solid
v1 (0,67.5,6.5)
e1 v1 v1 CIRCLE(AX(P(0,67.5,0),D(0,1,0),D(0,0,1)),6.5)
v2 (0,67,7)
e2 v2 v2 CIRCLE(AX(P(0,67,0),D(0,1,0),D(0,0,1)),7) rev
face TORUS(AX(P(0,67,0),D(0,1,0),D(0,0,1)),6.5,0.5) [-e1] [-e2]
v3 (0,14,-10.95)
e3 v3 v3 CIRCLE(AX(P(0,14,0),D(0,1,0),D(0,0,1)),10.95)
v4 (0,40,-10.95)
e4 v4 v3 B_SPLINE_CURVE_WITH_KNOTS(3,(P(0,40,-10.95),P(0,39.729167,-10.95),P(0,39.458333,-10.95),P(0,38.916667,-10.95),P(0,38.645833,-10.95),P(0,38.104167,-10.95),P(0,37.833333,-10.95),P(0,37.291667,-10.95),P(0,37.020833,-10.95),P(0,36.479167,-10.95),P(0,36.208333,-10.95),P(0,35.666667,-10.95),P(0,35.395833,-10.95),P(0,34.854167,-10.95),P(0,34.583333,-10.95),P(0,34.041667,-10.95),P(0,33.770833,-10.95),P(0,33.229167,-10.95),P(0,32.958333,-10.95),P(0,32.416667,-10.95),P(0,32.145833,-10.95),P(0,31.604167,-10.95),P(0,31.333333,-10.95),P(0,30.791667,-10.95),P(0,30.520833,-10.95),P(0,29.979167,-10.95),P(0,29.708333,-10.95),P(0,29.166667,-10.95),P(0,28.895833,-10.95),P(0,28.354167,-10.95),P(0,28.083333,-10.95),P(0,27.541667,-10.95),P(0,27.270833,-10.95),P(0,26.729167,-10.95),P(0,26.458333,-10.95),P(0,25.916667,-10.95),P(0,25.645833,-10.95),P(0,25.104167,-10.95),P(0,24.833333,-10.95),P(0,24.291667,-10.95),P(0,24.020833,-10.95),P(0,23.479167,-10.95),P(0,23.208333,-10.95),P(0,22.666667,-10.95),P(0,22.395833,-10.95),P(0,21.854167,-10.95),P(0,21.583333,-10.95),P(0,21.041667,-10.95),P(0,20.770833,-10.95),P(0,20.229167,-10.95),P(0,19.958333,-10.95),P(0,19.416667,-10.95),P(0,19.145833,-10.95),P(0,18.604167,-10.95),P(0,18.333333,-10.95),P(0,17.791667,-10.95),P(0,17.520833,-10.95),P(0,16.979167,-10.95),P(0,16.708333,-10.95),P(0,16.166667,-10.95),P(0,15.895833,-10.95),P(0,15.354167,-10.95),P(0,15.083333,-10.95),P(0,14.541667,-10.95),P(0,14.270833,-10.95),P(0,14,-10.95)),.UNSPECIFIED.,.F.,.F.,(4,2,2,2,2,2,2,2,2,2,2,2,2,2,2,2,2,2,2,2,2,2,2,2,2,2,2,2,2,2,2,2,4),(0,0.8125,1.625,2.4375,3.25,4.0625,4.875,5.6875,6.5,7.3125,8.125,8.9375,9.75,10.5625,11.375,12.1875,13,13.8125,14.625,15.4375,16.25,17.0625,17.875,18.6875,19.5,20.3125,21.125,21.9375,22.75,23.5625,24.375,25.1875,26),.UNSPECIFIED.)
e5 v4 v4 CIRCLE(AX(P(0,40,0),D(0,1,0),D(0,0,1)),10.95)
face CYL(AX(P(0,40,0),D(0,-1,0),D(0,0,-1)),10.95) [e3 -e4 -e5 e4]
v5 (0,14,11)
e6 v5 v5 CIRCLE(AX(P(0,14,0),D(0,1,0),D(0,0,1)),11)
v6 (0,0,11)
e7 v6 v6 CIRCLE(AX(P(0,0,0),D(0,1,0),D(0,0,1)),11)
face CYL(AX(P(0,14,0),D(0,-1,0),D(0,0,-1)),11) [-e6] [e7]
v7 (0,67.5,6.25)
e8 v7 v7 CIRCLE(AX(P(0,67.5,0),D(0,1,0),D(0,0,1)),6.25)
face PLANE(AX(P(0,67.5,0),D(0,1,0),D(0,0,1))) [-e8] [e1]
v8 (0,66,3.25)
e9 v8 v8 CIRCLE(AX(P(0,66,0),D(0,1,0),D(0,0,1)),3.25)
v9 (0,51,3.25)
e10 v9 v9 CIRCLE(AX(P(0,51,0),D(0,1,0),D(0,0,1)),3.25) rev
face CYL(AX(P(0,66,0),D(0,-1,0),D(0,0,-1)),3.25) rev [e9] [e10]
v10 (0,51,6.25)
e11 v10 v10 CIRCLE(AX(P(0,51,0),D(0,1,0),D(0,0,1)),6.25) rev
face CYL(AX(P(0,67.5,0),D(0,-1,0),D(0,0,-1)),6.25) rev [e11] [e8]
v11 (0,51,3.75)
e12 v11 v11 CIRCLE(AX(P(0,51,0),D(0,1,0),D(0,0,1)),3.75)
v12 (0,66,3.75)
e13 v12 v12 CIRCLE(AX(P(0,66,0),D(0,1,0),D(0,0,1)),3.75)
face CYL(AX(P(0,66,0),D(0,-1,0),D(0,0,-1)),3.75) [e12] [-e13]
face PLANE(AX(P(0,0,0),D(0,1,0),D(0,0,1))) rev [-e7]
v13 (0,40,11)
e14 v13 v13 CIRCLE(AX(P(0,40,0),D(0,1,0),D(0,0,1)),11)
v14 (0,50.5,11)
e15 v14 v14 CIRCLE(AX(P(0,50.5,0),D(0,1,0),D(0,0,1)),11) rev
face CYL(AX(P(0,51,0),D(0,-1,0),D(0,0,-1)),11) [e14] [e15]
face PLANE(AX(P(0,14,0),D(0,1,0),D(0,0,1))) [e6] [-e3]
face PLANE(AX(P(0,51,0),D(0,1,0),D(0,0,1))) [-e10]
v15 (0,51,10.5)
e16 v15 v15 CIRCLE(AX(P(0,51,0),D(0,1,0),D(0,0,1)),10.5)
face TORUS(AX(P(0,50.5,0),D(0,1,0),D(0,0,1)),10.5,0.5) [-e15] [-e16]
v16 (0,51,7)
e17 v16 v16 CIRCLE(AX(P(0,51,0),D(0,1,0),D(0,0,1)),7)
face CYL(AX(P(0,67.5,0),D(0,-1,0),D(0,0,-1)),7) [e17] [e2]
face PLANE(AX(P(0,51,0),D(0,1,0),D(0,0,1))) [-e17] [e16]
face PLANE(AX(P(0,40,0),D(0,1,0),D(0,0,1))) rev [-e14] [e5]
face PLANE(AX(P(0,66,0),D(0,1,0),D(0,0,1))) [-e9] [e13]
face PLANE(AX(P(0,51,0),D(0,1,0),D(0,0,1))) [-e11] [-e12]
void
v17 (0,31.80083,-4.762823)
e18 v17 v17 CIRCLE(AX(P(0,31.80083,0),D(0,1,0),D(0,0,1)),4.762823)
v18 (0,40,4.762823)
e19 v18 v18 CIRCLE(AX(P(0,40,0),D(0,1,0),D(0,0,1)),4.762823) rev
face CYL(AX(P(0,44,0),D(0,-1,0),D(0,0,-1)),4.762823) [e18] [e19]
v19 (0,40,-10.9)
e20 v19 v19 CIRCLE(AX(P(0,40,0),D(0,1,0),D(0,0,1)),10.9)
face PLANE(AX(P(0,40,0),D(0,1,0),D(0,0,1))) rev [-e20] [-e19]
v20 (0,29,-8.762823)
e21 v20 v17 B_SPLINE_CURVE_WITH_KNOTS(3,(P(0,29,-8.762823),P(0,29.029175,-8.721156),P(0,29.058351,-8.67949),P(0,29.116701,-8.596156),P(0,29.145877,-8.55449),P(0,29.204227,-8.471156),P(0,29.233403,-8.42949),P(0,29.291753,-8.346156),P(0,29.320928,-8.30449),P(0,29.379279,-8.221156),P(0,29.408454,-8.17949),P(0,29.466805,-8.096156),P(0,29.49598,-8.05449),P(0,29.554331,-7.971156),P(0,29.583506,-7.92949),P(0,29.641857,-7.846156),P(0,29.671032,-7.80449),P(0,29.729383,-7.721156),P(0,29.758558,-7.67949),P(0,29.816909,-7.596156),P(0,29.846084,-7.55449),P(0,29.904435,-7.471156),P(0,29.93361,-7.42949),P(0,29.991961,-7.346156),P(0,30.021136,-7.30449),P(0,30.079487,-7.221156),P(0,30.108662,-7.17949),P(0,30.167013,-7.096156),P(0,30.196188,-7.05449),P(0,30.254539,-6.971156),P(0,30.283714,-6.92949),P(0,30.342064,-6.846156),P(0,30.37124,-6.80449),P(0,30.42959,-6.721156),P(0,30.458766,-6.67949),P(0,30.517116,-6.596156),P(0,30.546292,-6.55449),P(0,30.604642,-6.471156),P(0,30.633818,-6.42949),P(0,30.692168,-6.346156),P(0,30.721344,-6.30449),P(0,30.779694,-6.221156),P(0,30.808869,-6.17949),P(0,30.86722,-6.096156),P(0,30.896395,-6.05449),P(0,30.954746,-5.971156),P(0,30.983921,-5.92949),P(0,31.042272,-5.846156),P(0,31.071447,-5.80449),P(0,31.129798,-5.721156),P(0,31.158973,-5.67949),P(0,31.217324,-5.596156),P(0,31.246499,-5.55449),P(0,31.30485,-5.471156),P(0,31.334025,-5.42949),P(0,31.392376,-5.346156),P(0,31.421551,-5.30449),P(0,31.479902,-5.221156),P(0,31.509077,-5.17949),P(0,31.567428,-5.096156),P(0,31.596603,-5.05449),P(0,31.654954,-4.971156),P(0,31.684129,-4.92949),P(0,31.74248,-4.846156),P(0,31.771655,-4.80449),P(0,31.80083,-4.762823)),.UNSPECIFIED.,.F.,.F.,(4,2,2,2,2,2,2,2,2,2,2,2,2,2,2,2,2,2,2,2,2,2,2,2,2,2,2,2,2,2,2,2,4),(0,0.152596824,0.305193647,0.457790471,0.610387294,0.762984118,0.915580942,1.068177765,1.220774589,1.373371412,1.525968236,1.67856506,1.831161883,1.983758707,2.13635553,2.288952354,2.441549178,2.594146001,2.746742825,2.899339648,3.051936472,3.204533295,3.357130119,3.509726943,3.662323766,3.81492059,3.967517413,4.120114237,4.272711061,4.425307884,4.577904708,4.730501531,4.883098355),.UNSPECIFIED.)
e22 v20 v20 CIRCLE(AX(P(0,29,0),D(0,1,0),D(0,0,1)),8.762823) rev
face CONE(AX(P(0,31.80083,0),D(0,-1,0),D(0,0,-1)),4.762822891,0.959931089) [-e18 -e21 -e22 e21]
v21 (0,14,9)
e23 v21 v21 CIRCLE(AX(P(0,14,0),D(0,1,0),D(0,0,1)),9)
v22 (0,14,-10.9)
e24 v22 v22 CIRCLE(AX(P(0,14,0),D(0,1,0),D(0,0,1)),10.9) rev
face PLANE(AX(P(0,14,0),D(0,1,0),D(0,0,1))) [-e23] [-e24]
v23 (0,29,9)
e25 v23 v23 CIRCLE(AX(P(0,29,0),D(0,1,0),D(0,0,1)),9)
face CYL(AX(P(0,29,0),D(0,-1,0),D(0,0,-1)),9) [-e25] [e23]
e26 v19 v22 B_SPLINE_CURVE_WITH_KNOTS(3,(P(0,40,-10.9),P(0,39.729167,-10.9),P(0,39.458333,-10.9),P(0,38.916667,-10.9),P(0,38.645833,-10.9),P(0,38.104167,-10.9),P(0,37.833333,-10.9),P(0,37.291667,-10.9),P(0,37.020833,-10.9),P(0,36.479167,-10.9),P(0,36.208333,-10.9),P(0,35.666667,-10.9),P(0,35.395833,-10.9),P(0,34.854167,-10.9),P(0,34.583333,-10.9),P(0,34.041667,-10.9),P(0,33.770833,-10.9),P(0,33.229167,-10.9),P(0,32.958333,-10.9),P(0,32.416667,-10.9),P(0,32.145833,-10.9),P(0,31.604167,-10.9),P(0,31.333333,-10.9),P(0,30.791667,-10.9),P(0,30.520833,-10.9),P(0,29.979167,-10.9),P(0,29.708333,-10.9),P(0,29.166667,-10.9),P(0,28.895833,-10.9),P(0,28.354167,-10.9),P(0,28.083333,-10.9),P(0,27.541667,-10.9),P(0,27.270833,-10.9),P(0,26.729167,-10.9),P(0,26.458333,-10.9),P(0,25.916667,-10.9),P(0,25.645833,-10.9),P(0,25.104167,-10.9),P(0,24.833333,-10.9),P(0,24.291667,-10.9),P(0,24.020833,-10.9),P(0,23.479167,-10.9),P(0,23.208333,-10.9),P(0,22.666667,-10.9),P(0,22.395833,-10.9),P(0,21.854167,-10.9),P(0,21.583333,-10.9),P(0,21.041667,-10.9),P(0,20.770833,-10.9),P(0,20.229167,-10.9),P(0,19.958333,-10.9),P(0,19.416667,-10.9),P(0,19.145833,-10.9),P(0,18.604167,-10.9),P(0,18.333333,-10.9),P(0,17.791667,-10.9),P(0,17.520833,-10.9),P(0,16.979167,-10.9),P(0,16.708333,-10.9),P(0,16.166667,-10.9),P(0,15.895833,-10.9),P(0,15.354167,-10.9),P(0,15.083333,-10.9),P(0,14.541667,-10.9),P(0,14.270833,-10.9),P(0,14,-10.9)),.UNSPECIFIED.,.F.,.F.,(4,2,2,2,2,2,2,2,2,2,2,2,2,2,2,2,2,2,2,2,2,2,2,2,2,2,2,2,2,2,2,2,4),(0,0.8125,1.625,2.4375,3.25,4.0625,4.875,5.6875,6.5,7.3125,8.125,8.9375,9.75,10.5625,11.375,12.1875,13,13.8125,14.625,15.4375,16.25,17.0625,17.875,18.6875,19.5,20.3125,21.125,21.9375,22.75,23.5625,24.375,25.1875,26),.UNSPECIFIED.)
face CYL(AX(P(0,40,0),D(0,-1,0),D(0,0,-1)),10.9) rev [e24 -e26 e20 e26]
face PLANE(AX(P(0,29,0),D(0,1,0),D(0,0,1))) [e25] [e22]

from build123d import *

# Parameters (mm, degrees)
SKETCH_1_R       = 11
EXTRUDE_1_DEPTH  = 14
SKETCH_3_R       = 10.95
SKETCH_3_R_2     = 10.9
EXTRUDE_6_DEPTH  = 26
SKETCH_5_R       = 11
EXTRUDE_7_DEPTH  = 11
SKETCH_6_R       = 7
SKETCH_6_R_2     = 6.25
EXTRUDE_8_DEPTH  = 16.5
SKETCH_6_3_R     = 3.75
SKETCH_6_3_R_2   = 3.25
EXTRUDE_9_DEPTH  = 15
FILLET_1_R       = 0.5
FILLET_2_R       = 0.5
SKETCH_8_R       = 9
EXTRUDE_10_DEPTH = 15
SKETCH_9_R       = 4.762822891
EXTRUDE_11_DEPTH = 15
CHAMFER_1_SIZE   = 4
CHAMFER_1_SIZE2  = 2.800830153


with BuildPart() as part:
    # Эскиз1 → Бобышка-Вытянуть1 (new body)
    with BuildSketch(Plane(origin=(0, 0, 0), x_dir=(1, 0, 0), z_dir=(0, 1, 0))):
        Circle(SKETCH_1_R)
    extrude(amount=EXTRUDE_1_DEPTH)

    # Эскиз3 → Бобышка-Вытянуть6 (add)
    with BuildSketch(Plane(origin=(0, 14, 0), x_dir=(1, 0, 0), z_dir=(0, 1, 0))):
        Circle(SKETCH_3_R)
        Circle(SKETCH_3_R_2, mode=Mode.SUBTRACT)
    extrude(amount=EXTRUDE_6_DEPTH)

    # Эскиз5 → Бобышка-Вытянуть7 (add)
    with BuildSketch(Plane(origin=(0, 40, 0), x_dir=(1, 0, 0), z_dir=(0, 1, 0))):
        Circle(SKETCH_5_R)
    extrude(amount=EXTRUDE_7_DEPTH)

    # Эскиз6 → Бобышка-Вытянуть8 (add)
    with BuildSketch(Plane(origin=(0, 51, 0), x_dir=(1, 0, 0), z_dir=(0, 1, 0))):
        Circle(SKETCH_6_R)
        Circle(SKETCH_6_R_2, mode=Mode.SUBTRACT)
    extrude(amount=EXTRUDE_8_DEPTH)

    # Эскиз6<3> → Бобышка-Вытянуть9 (add)
    with BuildSketch(Plane(origin=(0, 51, 0), x_dir=(1, 0, 0), z_dir=(0, 1, 0))):
        Circle(SKETCH_6_3_R)
        Circle(SKETCH_6_3_R_2, mode=Mode.SUBTRACT)
    extrude(amount=EXTRUDE_9_DEPTH)

    # Скругление1
    fillet_1_edges = [part.edges().sort_by_distance(p)[0] for p in [
        (-11, 51, 0),
    ]]
    fillet(fillet_1_edges, radius=FILLET_1_R)

    # Скругление2
    fillet_2_edges = [part.edges().sort_by_distance(p)[0] for p in [
        (-7, 67.5, 0),
    ]]
    fillet(fillet_2_edges, radius=FILLET_2_R)

    # Эскиз8 → Бобышка-Вытянуть10 (add)
    with BuildSketch(Plane(origin=(0, 14, 0), x_dir=(1, 0, 0), z_dir=(0, 1, 0))):
        Circle(SKETCH_8_R)
    extrude(amount=EXTRUDE_10_DEPTH)

    # Эскиз9 → Бобышка-Вытянуть11 (add)
    with BuildSketch(Plane(origin=(0, 29, 0), x_dir=(1, 0, 0), z_dir=(0, 1, 0))):
        Circle(SKETCH_9_R)
    extrude(amount=EXTRUDE_11_DEPTH)

    # Фаска1
    chamfer_1_edges = [part.edges().sort_by_distance(p)[0] for p in [
        (-4.762822891, 29, 0),
    ]]
    chamfer_1_side = [part.faces().sort_by_distance(p)[0] for p in [
        (-8.745441559, 29, 0),
    ]]
    chamfer(chamfer_1_edges, length=CHAMFER_1_SIZE, length2=CHAMFER_1_SIZE2, reference=chamfer_1_side[0])


solid = part.part
